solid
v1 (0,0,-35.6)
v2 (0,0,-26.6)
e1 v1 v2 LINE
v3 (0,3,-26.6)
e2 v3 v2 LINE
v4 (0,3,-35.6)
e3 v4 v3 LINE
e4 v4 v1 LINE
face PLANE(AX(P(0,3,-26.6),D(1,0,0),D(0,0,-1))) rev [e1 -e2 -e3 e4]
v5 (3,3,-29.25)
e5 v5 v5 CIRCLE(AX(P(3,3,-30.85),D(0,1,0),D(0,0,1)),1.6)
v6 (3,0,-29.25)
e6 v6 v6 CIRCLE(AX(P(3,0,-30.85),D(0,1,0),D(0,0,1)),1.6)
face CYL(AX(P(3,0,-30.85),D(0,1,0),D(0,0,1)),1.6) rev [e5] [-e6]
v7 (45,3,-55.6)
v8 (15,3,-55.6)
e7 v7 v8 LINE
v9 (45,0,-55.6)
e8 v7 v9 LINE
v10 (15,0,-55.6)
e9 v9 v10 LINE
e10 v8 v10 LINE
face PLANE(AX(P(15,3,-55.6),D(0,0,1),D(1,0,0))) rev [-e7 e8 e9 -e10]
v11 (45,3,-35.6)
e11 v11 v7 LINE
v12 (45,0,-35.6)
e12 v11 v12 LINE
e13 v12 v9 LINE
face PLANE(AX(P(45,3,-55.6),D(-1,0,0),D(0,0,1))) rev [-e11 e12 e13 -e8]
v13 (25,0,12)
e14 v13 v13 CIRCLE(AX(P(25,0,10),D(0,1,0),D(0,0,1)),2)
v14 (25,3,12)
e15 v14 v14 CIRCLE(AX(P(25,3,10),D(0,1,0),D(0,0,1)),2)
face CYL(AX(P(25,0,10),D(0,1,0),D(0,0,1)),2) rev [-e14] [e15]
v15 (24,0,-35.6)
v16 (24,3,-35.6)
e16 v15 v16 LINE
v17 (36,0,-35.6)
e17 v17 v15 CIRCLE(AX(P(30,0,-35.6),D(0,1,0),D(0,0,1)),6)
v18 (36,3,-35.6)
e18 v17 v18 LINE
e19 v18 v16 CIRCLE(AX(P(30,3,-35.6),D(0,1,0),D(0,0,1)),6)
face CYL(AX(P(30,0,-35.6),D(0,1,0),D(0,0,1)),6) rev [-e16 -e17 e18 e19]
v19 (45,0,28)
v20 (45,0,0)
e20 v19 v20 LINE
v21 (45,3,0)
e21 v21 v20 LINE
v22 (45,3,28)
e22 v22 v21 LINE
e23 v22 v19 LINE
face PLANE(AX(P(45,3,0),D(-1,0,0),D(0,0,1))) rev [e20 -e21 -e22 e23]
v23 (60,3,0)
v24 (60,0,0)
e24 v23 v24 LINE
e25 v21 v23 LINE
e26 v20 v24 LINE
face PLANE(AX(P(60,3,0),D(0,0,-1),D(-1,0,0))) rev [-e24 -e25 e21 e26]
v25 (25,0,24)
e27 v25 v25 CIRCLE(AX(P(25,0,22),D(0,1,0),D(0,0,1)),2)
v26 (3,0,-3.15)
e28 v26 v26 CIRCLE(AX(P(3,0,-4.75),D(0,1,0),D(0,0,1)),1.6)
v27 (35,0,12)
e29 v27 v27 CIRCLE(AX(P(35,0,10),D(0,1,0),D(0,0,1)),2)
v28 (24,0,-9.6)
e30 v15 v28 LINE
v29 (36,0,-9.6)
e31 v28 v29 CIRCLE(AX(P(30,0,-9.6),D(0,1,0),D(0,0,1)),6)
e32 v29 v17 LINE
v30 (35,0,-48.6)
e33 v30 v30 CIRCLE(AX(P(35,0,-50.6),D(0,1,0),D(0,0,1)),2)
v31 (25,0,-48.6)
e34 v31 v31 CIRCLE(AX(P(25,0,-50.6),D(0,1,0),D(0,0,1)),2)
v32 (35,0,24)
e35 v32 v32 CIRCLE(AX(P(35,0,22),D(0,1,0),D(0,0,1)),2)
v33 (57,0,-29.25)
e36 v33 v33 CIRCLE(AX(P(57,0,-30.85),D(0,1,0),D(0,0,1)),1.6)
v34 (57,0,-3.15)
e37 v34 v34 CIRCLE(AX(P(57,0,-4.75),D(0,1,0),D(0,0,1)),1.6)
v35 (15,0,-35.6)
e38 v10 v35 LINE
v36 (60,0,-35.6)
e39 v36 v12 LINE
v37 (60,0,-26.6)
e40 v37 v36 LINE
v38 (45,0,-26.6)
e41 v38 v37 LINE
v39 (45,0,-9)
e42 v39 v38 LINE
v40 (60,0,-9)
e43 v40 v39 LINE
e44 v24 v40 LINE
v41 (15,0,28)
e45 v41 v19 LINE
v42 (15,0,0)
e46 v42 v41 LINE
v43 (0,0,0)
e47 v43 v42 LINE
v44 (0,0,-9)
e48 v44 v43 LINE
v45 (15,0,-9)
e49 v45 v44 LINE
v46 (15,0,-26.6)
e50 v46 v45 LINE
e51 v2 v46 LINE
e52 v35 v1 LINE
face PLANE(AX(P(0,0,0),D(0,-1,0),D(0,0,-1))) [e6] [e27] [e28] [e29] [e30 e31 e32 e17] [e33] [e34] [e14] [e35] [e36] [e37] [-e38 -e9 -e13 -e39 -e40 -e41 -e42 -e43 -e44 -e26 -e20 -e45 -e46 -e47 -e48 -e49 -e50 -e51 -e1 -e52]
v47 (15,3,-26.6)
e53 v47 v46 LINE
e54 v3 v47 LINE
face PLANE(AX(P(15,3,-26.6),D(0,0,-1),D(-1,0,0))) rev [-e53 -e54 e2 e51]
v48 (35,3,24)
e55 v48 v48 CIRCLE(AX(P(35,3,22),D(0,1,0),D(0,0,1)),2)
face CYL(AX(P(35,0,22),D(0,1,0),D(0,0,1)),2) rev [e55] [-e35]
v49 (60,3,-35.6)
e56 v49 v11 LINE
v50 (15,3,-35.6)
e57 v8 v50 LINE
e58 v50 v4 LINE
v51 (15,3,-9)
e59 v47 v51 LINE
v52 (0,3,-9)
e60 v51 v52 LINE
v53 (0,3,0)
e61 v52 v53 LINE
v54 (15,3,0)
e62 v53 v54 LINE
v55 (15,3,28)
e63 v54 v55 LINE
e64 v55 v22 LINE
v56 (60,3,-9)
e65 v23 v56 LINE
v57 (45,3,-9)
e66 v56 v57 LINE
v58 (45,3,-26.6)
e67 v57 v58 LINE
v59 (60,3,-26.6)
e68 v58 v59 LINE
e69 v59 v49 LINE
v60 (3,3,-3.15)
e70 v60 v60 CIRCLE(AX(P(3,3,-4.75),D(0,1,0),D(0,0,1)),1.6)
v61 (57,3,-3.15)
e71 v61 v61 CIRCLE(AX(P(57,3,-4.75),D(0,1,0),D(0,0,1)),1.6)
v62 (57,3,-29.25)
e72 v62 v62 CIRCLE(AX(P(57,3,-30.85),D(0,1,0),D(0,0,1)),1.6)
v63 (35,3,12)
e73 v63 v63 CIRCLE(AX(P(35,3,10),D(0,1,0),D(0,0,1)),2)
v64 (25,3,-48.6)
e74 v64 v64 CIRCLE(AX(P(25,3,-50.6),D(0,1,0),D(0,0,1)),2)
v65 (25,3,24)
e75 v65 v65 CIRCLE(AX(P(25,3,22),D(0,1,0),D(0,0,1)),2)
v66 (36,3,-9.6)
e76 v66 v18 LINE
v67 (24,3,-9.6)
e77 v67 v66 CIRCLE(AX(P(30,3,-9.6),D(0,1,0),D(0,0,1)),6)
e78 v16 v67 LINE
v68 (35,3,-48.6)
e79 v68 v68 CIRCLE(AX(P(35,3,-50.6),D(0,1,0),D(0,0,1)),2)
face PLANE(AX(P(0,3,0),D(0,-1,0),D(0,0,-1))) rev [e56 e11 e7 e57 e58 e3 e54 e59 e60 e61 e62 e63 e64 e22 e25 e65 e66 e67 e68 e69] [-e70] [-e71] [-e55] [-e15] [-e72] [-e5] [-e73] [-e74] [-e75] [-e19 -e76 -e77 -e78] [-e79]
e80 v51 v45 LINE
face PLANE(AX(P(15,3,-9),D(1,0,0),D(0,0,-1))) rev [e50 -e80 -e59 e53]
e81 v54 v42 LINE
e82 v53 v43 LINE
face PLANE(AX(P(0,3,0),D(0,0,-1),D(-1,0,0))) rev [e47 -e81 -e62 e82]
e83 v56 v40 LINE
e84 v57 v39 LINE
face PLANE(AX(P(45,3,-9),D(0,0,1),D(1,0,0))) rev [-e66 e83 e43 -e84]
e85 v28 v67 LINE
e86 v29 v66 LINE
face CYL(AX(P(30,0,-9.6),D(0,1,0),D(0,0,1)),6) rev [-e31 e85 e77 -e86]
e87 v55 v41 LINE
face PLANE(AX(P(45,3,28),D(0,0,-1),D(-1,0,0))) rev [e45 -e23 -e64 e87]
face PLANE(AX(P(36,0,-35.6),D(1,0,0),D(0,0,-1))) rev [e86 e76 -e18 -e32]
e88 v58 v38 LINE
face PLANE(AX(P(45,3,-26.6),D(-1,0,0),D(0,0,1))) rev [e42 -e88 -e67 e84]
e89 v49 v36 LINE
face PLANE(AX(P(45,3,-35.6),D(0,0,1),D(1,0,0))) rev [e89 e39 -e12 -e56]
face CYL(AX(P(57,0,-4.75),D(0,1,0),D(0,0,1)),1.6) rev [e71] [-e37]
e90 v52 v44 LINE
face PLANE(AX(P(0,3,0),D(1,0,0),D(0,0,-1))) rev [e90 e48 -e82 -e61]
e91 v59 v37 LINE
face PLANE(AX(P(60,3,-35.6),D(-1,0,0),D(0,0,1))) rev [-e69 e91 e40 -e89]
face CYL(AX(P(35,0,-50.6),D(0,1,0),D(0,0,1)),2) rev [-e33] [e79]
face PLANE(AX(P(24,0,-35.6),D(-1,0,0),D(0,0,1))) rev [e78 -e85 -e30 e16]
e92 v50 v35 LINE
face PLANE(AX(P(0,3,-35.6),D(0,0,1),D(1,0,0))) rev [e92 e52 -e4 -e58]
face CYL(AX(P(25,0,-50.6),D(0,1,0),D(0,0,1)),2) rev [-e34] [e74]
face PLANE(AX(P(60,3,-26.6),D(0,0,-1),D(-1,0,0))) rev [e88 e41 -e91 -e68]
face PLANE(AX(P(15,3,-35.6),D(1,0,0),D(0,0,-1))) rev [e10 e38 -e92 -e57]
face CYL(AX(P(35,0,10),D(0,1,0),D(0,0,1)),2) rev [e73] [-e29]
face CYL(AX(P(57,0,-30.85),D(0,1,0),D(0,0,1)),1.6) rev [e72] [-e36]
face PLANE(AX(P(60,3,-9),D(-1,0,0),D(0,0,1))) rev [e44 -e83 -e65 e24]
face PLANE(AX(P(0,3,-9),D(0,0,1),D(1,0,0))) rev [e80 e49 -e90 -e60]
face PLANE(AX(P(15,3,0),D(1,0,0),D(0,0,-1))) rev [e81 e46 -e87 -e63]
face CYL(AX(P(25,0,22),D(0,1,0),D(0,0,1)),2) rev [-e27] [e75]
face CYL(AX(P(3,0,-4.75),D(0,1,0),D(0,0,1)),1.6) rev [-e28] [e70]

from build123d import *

# Parameters (mm, degrees)
EXTRUDE_1_DEPTH     = 3
SKETCH_2_R          = 1.6
CUT_EXTRUDE_1_DEPTH = 3
SKETCH_3_R          = 2
CUT_EXTRUDE_2_DEPTH = 3
CUT_EXTRUDE_3_DEPTH = 3


with BuildPart() as part:
    # 草图1 → 凸台-拉伸1 (new body)
    with BuildSketch(Plane(origin=(0, 0, 0), x_dir=(1, 0, 0), z_dir=(0, 1, 0))):
        Polygon((0, 0), (15, 0), (15, -28), (45, -28), (45, 0), (60, 0), (60, 9), (45, 9), (45, 26.6), (60, 26.6), (60, 35.6), (45, 35.6), (45, 55.6), (15, 55.6), (15, 35.6), (0, 35.6), (0, 26.6), (15, 26.6), (15, 9), (0, 9), align=None)
    extrude(amount=EXTRUDE_1_DEPTH)

    # 草图2 → 切除-拉伸1 (cut)
    with BuildSketch(Plane(origin=(0, 3, 0), x_dir=(1, 0, 0), z_dir=(0, 1, 0))):
        with Locations(Location((3, 4.75, 0), (0, 0, 270))):
            Circle(SKETCH_2_R)
        with Locations(Location((3, 30.85, 0), (0, 0, 270))):
            Circle(SKETCH_2_R)
        with Locations(Location((57, 30.85, 0), (0, 0, 270))):
            Circle(SKETCH_2_R)
        with Locations(Location((57, 4.75, 0), (0, 0, 270))):
            Circle(SKETCH_2_R)
    extrude(amount=-CUT_EXTRUDE_1_DEPTH, mode=Mode.SUBTRACT)

    # 草图3 → 切除-拉伸2 (cut)
    with BuildSketch(Plane(origin=(0, 3, 0), x_dir=(1, 0, 0), z_dir=(0, 1, 0))):
        with Locations(Location((25, 50.6, 0), (0, 0, 270))):
            Circle(SKETCH_3_R)
        with Locations(Location((35, 50.6, 0), (0, 0, 270))):
            Circle(SKETCH_3_R)
        with Locations(Location((35, -22, 0), (0, 0, 270))):
            Circle(SKETCH_3_R)
        with Locations(Location((25, -22, 0), (0, 0, 270))):
            Circle(SKETCH_3_R)
        with Locations(Location((25, -10, 0), (0, 0, 270))):
            Circle(SKETCH_3_R)
        with Locations(Location((35, -10, 0), (0, 0, 270))):
            Circle(SKETCH_3_R)
    extrude(amount=-CUT_EXTRUDE_2_DEPTH, mode=Mode.SUBTRACT)

    # 草图4 → 切除-拉伸3 (cut)
    with BuildSketch(Plane(origin=(0, 3, 0), x_dir=(1, 0, 0), z_dir=(0, 1, 0))):
        with BuildLine():
            Line((36, 35.6), (36, 9.6))
            ThreePointArc((36, 9.6), (30, 3.6), (24, 9.6))
            Line((24, 9.6), (24, 35.6))
            ThreePointArc((24, 35.6), (30, 41.6), (36, 35.6))
        make_face()
    extrude(amount=-CUT_EXTRUDE_3_DEPTH, mode=Mode.SUBTRACT)


solid = part.part
